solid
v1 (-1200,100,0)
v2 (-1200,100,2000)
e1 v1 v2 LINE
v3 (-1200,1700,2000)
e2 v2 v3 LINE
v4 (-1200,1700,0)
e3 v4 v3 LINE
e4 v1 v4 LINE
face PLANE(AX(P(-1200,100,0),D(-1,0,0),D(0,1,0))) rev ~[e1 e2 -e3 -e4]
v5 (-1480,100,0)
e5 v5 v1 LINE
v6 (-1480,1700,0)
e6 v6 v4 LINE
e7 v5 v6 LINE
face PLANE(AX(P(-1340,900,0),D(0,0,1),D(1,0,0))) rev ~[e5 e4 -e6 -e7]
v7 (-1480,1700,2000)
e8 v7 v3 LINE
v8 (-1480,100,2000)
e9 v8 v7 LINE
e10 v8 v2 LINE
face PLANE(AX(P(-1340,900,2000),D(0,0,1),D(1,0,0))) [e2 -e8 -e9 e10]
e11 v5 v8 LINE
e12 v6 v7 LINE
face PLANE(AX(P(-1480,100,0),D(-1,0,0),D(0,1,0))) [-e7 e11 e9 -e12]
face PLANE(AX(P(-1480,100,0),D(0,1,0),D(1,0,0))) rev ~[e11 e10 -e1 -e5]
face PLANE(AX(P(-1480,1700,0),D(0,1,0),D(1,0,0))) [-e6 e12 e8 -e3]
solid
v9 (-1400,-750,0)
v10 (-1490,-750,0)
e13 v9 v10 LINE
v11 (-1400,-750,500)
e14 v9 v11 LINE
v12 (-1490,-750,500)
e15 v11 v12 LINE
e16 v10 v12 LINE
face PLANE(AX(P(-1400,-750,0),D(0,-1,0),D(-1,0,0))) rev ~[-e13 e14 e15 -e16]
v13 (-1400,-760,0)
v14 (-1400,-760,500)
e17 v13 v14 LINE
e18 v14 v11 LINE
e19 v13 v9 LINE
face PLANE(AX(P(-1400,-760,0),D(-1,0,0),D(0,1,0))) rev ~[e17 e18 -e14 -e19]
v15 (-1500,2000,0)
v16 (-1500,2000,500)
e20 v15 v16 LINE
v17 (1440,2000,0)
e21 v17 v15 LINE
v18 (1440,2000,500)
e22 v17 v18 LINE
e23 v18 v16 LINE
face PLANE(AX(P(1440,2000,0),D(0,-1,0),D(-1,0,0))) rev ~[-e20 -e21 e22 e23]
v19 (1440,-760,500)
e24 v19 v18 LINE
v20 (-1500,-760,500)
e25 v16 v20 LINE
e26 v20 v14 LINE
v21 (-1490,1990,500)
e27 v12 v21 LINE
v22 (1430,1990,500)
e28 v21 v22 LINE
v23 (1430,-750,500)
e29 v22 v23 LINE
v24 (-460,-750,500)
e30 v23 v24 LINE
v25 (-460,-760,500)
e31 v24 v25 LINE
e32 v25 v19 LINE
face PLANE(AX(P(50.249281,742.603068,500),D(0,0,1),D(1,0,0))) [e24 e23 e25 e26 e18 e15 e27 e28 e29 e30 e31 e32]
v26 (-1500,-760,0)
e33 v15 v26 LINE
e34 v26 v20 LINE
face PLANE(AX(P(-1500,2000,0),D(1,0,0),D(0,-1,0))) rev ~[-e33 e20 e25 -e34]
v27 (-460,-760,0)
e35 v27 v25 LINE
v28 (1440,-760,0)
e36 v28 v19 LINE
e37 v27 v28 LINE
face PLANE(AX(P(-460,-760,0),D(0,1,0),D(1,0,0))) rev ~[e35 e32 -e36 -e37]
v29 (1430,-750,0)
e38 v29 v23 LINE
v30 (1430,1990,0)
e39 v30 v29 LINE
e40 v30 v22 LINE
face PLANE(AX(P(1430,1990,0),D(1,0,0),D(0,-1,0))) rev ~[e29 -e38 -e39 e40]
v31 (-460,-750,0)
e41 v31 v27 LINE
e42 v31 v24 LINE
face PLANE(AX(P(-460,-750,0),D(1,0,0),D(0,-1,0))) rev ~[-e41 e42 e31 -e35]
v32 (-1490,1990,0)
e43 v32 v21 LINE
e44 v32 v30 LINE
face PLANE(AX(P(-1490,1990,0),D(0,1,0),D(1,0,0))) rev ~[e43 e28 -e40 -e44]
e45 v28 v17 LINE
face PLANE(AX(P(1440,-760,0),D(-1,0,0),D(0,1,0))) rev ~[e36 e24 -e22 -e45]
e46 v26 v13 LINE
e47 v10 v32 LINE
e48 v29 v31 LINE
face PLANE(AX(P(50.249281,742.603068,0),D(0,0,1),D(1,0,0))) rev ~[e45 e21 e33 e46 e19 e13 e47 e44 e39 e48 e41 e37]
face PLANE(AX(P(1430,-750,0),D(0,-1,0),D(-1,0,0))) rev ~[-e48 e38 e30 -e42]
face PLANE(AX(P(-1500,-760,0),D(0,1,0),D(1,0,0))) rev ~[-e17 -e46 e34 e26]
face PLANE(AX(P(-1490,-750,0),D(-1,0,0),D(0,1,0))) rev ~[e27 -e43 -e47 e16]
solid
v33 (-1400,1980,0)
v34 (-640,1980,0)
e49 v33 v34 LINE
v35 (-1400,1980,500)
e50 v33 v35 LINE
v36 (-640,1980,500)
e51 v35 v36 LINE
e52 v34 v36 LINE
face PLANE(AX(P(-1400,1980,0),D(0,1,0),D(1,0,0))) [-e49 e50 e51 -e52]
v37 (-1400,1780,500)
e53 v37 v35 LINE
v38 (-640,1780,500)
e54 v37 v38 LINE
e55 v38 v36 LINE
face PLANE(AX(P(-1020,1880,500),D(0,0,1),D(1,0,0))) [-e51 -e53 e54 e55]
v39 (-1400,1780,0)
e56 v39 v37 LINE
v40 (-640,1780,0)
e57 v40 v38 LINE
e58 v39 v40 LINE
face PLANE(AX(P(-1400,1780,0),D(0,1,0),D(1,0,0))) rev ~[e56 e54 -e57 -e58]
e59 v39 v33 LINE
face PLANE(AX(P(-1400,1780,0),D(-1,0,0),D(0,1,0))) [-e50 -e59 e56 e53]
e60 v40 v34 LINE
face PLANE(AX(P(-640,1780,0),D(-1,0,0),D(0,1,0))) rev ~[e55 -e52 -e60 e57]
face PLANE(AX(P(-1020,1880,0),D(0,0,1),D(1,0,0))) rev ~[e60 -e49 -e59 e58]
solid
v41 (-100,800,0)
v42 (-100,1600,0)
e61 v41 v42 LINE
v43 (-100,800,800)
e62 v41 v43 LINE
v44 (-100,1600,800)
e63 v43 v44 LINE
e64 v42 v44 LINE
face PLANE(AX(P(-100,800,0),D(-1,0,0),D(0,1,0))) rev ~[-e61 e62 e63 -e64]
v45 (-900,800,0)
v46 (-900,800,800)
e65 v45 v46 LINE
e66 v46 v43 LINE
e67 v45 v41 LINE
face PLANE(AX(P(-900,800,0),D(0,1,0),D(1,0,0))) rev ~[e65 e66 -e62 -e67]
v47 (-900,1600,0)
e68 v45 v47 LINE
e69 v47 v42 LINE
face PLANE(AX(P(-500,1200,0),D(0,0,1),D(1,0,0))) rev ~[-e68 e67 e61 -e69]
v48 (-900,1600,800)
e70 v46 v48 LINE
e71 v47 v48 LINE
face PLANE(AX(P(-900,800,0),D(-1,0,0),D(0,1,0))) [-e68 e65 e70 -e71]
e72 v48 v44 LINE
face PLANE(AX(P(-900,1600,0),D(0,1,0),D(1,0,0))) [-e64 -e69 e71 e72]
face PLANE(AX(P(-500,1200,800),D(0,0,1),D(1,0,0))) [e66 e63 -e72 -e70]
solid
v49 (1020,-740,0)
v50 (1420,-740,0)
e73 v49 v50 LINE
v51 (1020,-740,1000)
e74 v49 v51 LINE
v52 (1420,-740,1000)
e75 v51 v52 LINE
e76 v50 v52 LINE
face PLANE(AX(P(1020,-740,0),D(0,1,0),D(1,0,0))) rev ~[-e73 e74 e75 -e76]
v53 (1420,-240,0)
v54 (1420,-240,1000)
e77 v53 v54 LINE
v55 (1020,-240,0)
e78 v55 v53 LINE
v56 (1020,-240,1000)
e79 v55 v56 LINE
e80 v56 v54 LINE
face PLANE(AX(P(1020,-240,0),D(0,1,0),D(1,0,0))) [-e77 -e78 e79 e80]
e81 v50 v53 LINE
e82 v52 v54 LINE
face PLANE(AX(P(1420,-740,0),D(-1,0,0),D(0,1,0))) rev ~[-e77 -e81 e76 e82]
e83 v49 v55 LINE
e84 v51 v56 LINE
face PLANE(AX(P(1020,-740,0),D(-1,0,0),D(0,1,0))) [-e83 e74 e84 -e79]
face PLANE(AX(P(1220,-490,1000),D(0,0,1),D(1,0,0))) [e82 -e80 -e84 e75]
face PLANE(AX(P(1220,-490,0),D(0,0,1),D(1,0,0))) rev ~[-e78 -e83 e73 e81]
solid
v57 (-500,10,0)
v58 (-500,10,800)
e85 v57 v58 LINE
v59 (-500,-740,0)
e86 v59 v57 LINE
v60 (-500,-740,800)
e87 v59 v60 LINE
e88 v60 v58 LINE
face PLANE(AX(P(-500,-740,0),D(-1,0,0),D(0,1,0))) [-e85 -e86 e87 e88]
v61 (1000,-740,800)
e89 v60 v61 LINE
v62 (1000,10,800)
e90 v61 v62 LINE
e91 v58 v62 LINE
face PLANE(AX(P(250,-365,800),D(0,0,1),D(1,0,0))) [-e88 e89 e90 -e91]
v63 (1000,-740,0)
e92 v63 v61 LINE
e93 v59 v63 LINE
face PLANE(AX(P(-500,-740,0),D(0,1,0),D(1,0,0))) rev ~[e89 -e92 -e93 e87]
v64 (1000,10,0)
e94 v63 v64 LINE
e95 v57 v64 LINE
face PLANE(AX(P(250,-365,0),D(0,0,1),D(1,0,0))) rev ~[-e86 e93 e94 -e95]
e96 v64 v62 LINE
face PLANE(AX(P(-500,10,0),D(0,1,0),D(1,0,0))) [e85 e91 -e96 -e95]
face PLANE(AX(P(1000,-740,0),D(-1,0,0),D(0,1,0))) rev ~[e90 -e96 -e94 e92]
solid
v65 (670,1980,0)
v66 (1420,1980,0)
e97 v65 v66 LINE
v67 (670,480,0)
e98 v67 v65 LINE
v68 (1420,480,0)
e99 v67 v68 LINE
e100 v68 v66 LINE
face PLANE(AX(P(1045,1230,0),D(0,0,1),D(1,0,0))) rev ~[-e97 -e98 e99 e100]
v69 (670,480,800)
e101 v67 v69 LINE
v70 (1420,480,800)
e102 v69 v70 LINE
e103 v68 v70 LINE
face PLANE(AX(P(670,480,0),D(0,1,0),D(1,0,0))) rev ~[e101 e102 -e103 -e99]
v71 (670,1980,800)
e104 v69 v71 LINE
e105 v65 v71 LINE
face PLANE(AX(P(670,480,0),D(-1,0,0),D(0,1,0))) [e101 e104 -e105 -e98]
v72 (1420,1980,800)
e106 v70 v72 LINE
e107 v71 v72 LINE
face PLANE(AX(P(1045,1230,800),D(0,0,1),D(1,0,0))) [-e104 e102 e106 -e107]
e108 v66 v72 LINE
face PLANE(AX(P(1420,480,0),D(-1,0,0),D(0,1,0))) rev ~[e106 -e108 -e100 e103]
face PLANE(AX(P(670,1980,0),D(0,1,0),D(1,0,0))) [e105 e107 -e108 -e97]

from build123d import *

# Parameters (mm, degrees)
F1_DEPTH = 500
F0_W     = 280
F0_H     = 1600
F2_DEPTH = 2000
F0_W_2   = 760
F0_H_2   = 200
F3_DEPTH = 500
F0_W_3   = 800
F0_H_3   = 800
F4_DEPTH = 800
F0_W_4   = 400
F0_H_4   = 500
F5_DEPTH = 1000
F0_W_5   = 1500
F0_H_5   = 750
F6_DEPTH = 800
F0_W_6   = 750
F0_H_6   = 1500
F7_DEPTH = 800


with BuildPart() as f1:
    # F0 (on Top) → F1 (new body)
    with BuildSketch(Plane.XY):
        Polygon((-1490, -750), (-1490, 1990), (1430, 1990), (1430, -750), (-460, -750), (-460, -760), (1440, -760), (1440, 2000), (-1500, 2000), (-1500, -760), (-1400, -760), (-1400, -750), align=None)
    extrude(amount=F1_DEPTH)


with BuildPart() as f2:
    # F0 (on Top) → F2 (new body)
    with BuildSketch(Plane.XY):
        with Locations((-1340, 900)):
            Rectangle(F0_W, F0_H)
    extrude(amount=F2_DEPTH)


with BuildPart() as f3:
    # F0 (on Top) → F3 (new body)
    with BuildSketch(Plane.XY):
        with Locations((-1020, 1880)):
            Rectangle(F0_W_2, F0_H_2)
    extrude(amount=F3_DEPTH)


with BuildPart() as f4:
    # F0 (on Top) → F4 (new body)
    with BuildSketch(Plane.XY):
        with Locations((-500, 1200)):
            Rectangle(F0_W_3, F0_H_3)
    extrude(amount=F4_DEPTH)


with BuildPart() as f5:
    # F0 (on Top) → F5 (new body)
    with BuildSketch(Plane.XY):
        with Locations((1220, -490)):
            Rectangle(F0_W_4, F0_H_4)
    extrude(amount=F5_DEPTH)


with BuildPart() as f6:
    # F0 (on Top) → F6 (new body)
    with BuildSketch(Plane.XY):
        with Locations((250, -365)):
            Rectangle(F0_W_5, F0_H_5)
    extrude(amount=F6_DEPTH)


with BuildPart() as f7:
    # F0 (on Top) → F7 (new body)
    with BuildSketch(Plane.XY):
        with Locations((1045, 1230)):
            Rectangle(F0_W_6, F0_H_6)
    extrude(amount=F7_DEPTH)


solid = Compound([f1.part, f2.part, f3.part, f4.part, f5.part, f6.part, f7.part])
